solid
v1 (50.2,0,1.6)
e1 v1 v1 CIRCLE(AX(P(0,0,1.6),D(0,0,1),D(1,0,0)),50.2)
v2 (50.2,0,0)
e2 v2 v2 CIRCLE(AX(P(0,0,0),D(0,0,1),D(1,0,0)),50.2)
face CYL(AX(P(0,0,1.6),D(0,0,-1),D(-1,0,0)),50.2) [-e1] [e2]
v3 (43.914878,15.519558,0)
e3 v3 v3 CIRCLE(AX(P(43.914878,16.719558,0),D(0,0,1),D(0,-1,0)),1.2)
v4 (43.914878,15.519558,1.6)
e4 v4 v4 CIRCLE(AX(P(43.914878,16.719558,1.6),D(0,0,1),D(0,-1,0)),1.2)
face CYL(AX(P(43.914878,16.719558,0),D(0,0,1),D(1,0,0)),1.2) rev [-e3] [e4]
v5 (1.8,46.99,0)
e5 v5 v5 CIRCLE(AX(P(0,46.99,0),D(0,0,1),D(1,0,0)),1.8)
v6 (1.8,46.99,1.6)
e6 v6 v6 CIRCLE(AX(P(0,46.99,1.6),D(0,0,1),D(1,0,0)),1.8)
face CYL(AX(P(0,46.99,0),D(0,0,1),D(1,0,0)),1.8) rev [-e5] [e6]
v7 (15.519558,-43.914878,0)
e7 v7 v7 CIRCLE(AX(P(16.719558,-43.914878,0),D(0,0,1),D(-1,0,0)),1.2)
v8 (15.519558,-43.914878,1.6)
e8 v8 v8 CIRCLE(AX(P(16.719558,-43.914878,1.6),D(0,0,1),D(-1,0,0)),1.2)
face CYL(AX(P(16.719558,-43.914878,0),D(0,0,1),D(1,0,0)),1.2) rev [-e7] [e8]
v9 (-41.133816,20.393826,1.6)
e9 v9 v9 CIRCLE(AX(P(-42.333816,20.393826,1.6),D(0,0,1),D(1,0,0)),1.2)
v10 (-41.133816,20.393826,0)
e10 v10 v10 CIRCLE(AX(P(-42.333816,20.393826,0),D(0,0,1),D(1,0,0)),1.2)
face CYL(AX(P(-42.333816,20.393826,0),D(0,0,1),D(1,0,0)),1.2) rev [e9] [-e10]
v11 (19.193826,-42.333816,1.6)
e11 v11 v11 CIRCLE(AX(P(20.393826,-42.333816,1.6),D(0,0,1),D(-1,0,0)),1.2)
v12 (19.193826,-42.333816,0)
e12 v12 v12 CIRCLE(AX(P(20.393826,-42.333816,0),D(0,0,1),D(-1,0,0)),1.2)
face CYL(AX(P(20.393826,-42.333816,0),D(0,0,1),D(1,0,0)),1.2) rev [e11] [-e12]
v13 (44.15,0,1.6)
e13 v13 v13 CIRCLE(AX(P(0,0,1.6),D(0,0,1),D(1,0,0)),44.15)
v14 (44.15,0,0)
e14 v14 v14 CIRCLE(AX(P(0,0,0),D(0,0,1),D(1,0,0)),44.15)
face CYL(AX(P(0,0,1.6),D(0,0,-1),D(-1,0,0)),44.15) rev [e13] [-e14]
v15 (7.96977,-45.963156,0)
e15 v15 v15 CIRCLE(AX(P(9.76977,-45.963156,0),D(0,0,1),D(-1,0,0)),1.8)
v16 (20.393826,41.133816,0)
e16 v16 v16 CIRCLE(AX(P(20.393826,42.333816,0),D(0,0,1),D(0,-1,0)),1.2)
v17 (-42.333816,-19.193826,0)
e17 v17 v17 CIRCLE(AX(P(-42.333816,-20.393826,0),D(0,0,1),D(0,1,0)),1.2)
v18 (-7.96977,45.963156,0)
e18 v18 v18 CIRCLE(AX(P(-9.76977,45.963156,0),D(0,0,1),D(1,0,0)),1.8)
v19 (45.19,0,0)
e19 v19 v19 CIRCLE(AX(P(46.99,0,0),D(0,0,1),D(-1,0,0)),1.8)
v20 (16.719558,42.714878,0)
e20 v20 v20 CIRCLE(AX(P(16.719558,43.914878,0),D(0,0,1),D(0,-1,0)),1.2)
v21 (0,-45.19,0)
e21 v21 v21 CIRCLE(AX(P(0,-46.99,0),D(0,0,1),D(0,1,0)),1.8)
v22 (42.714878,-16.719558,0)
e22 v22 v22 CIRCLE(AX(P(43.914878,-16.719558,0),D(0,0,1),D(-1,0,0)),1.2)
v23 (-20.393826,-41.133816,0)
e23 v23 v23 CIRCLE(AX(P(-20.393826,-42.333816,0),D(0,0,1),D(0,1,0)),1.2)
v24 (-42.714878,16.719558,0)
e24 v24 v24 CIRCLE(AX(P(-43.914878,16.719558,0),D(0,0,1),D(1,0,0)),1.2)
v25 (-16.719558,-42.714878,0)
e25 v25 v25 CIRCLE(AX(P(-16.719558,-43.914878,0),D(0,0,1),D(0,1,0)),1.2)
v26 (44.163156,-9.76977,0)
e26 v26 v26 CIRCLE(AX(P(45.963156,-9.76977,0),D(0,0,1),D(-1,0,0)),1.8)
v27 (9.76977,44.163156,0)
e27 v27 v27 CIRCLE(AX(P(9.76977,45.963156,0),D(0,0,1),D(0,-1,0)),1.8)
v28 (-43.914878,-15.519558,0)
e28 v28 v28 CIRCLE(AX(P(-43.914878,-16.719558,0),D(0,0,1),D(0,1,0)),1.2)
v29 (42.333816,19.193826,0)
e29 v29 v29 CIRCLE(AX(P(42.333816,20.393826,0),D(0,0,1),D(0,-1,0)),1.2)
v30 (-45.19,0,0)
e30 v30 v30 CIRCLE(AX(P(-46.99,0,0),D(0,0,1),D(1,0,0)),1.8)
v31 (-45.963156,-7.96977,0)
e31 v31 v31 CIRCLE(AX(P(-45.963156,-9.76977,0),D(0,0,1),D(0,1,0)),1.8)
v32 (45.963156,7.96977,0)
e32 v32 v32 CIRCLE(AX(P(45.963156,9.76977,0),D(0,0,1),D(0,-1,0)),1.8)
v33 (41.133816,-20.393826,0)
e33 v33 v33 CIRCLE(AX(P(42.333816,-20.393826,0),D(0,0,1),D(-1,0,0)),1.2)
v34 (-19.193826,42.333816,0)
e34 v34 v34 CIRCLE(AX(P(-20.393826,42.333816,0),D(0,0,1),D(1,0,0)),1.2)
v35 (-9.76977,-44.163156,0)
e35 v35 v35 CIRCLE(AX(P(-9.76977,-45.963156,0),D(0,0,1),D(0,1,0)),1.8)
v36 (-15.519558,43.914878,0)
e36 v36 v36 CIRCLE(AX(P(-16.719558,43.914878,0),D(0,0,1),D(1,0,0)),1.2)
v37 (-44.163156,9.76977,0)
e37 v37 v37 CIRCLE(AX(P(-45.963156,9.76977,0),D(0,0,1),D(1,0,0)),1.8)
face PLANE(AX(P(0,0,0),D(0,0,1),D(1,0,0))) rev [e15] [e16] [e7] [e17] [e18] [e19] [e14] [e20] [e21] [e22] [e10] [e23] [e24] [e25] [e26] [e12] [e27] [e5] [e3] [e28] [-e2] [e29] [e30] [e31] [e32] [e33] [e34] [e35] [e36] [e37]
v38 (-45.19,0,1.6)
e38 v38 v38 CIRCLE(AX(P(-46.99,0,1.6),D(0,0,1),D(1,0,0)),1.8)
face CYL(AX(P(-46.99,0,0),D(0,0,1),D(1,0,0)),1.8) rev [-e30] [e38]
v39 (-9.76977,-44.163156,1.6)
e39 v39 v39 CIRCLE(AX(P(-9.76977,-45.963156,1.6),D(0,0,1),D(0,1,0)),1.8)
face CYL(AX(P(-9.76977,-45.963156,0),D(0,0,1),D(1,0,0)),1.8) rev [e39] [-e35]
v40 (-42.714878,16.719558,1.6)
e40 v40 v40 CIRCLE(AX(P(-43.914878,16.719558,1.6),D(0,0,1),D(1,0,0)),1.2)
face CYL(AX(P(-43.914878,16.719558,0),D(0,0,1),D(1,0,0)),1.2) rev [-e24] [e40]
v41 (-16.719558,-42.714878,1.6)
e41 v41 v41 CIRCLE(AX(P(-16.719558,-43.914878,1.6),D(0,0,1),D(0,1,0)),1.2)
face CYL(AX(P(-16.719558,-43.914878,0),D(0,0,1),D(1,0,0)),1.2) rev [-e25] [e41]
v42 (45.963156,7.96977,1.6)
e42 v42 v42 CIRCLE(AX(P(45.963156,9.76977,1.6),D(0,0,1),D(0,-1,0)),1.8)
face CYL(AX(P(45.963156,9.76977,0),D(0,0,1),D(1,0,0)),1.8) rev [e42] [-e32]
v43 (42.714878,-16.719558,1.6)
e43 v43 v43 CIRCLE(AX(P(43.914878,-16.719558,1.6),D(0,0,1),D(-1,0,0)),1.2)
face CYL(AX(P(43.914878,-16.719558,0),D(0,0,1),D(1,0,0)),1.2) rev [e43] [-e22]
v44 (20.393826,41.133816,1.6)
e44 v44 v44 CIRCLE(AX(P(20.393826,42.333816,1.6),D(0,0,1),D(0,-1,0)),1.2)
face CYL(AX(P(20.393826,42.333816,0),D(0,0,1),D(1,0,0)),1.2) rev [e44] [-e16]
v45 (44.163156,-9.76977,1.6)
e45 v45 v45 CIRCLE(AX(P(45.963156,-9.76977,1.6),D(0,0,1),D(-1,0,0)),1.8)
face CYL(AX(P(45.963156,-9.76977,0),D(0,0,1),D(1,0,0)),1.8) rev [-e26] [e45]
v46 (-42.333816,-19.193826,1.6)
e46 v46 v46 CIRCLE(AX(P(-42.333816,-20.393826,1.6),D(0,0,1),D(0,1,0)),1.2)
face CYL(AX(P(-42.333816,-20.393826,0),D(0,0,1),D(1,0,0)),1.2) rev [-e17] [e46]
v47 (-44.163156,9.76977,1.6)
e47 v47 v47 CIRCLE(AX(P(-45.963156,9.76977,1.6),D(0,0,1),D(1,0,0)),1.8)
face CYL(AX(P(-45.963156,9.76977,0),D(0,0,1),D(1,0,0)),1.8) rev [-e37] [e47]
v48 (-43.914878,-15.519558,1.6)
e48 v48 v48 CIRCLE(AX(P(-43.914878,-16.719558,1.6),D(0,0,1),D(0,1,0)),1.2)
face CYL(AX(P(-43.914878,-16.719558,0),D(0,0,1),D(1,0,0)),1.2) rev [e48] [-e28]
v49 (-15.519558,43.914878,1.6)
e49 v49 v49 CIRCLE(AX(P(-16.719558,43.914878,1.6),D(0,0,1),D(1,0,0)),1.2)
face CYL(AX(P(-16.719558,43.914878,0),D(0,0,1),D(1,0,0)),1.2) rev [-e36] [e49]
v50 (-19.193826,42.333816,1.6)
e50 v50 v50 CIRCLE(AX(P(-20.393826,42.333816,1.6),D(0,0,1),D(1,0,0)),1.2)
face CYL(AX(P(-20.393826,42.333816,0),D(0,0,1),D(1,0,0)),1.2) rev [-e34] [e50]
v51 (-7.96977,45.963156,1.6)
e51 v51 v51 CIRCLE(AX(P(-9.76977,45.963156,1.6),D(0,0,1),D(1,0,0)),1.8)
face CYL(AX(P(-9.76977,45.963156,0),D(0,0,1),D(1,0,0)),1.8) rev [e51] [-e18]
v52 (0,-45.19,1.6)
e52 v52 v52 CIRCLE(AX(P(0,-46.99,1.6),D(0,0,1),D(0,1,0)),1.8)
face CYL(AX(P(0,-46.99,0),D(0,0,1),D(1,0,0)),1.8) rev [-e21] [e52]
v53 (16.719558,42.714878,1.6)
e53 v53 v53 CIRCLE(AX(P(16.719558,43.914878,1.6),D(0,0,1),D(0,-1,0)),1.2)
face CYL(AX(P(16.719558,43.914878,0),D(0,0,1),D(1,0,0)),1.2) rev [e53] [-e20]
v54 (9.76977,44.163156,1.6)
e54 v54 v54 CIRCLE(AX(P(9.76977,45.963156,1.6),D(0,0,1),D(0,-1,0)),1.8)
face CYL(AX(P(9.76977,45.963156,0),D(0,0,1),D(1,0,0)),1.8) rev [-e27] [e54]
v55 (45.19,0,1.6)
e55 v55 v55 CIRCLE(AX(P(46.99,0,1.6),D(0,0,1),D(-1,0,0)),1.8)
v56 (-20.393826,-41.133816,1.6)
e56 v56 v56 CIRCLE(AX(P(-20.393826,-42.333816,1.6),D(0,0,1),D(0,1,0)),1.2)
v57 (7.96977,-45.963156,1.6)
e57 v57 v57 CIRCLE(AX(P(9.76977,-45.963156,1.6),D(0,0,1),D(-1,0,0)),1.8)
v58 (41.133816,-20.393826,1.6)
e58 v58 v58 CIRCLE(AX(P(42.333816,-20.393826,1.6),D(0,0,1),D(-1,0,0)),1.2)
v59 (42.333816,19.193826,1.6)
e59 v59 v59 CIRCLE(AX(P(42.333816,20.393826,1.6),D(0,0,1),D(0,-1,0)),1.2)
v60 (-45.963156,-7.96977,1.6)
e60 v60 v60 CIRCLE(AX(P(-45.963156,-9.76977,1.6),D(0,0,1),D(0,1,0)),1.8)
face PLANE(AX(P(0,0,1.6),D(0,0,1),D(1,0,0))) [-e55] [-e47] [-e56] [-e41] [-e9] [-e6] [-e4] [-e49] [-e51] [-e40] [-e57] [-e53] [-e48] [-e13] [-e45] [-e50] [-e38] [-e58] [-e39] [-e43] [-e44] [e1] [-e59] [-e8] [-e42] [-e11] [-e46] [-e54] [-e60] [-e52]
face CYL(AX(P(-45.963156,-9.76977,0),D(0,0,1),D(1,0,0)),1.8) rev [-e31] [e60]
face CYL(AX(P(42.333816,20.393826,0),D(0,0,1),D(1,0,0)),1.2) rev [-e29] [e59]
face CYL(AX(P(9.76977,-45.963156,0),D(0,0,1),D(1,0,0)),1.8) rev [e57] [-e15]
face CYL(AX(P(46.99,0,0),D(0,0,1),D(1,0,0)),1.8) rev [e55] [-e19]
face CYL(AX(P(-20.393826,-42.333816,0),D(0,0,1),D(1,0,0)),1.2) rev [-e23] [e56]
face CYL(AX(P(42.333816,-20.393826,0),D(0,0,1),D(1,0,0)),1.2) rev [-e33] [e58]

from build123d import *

# Parameters (mm, degrees)
SKETCH1_R           = 50.2
SKETCH1_R_2         = 44.15
BOSS_EXTRUDE1_DEPTH = 1.6
SKETCH2_R           = 1.8
SKETCH2_R_2         = 1.2
CUT_EXTRUDE1_DEPTH  = 2.6
CIRPATTERN1_COUNT   = 4


with BuildPart() as part:
    # Sketch1 → Boss-Extrude1 (new body)
    with BuildSketch(Plane.XY):
        Circle(SKETCH1_R)
        Circle(SKETCH1_R_2, mode=Mode.SUBTRACT)
    extrude(amount=BOSS_EXTRUDE1_DEPTH)

    # Sketch2 → Cut-Extrude1 (cut, through all)
    with BuildSketch(Plane.XY.offset(1.6)):
        with Locations((-45.963155758, 9.769770352)):
            Circle(SKETCH2_R)
        with Locations((-9.769770352, 45.963155758)):
            Circle(SKETCH2_R)
        with Locations((-42.333815877, 20.393825862)):
            Circle(SKETCH2_R_2)
        with Locations((-43.914877634, 16.719558081)):
            Circle(SKETCH2_R_2)
        with Locations((-20.393825862, 42.333815877)):
            Circle(SKETCH2_R_2)
        with Locations((-16.719558081, 43.914877634)):
            Circle(SKETCH2_R_2)
        with Locations((-46.99, 0)):
            Circle(SKETCH2_R)
        with Locations((0, 46.99)):
            Circle(SKETCH2_R)
    cut_extrude1 = extrude(amount=-CUT_EXTRUDE1_DEPTH, mode=Mode.SUBTRACT)

    # CirPattern1: Cut-Extrude1 ×4 about axis
    cirpattern1_axis = Axis((0, 0, 0), (0, 0, 1))
    for i in range(1, CIRPATTERN1_COUNT):
        add(cut_extrude1.rotate(cirpattern1_axis, i * 360 / CIRPATTERN1_COUNT), mode=Mode.SUBTRACT)


solid = part.part
